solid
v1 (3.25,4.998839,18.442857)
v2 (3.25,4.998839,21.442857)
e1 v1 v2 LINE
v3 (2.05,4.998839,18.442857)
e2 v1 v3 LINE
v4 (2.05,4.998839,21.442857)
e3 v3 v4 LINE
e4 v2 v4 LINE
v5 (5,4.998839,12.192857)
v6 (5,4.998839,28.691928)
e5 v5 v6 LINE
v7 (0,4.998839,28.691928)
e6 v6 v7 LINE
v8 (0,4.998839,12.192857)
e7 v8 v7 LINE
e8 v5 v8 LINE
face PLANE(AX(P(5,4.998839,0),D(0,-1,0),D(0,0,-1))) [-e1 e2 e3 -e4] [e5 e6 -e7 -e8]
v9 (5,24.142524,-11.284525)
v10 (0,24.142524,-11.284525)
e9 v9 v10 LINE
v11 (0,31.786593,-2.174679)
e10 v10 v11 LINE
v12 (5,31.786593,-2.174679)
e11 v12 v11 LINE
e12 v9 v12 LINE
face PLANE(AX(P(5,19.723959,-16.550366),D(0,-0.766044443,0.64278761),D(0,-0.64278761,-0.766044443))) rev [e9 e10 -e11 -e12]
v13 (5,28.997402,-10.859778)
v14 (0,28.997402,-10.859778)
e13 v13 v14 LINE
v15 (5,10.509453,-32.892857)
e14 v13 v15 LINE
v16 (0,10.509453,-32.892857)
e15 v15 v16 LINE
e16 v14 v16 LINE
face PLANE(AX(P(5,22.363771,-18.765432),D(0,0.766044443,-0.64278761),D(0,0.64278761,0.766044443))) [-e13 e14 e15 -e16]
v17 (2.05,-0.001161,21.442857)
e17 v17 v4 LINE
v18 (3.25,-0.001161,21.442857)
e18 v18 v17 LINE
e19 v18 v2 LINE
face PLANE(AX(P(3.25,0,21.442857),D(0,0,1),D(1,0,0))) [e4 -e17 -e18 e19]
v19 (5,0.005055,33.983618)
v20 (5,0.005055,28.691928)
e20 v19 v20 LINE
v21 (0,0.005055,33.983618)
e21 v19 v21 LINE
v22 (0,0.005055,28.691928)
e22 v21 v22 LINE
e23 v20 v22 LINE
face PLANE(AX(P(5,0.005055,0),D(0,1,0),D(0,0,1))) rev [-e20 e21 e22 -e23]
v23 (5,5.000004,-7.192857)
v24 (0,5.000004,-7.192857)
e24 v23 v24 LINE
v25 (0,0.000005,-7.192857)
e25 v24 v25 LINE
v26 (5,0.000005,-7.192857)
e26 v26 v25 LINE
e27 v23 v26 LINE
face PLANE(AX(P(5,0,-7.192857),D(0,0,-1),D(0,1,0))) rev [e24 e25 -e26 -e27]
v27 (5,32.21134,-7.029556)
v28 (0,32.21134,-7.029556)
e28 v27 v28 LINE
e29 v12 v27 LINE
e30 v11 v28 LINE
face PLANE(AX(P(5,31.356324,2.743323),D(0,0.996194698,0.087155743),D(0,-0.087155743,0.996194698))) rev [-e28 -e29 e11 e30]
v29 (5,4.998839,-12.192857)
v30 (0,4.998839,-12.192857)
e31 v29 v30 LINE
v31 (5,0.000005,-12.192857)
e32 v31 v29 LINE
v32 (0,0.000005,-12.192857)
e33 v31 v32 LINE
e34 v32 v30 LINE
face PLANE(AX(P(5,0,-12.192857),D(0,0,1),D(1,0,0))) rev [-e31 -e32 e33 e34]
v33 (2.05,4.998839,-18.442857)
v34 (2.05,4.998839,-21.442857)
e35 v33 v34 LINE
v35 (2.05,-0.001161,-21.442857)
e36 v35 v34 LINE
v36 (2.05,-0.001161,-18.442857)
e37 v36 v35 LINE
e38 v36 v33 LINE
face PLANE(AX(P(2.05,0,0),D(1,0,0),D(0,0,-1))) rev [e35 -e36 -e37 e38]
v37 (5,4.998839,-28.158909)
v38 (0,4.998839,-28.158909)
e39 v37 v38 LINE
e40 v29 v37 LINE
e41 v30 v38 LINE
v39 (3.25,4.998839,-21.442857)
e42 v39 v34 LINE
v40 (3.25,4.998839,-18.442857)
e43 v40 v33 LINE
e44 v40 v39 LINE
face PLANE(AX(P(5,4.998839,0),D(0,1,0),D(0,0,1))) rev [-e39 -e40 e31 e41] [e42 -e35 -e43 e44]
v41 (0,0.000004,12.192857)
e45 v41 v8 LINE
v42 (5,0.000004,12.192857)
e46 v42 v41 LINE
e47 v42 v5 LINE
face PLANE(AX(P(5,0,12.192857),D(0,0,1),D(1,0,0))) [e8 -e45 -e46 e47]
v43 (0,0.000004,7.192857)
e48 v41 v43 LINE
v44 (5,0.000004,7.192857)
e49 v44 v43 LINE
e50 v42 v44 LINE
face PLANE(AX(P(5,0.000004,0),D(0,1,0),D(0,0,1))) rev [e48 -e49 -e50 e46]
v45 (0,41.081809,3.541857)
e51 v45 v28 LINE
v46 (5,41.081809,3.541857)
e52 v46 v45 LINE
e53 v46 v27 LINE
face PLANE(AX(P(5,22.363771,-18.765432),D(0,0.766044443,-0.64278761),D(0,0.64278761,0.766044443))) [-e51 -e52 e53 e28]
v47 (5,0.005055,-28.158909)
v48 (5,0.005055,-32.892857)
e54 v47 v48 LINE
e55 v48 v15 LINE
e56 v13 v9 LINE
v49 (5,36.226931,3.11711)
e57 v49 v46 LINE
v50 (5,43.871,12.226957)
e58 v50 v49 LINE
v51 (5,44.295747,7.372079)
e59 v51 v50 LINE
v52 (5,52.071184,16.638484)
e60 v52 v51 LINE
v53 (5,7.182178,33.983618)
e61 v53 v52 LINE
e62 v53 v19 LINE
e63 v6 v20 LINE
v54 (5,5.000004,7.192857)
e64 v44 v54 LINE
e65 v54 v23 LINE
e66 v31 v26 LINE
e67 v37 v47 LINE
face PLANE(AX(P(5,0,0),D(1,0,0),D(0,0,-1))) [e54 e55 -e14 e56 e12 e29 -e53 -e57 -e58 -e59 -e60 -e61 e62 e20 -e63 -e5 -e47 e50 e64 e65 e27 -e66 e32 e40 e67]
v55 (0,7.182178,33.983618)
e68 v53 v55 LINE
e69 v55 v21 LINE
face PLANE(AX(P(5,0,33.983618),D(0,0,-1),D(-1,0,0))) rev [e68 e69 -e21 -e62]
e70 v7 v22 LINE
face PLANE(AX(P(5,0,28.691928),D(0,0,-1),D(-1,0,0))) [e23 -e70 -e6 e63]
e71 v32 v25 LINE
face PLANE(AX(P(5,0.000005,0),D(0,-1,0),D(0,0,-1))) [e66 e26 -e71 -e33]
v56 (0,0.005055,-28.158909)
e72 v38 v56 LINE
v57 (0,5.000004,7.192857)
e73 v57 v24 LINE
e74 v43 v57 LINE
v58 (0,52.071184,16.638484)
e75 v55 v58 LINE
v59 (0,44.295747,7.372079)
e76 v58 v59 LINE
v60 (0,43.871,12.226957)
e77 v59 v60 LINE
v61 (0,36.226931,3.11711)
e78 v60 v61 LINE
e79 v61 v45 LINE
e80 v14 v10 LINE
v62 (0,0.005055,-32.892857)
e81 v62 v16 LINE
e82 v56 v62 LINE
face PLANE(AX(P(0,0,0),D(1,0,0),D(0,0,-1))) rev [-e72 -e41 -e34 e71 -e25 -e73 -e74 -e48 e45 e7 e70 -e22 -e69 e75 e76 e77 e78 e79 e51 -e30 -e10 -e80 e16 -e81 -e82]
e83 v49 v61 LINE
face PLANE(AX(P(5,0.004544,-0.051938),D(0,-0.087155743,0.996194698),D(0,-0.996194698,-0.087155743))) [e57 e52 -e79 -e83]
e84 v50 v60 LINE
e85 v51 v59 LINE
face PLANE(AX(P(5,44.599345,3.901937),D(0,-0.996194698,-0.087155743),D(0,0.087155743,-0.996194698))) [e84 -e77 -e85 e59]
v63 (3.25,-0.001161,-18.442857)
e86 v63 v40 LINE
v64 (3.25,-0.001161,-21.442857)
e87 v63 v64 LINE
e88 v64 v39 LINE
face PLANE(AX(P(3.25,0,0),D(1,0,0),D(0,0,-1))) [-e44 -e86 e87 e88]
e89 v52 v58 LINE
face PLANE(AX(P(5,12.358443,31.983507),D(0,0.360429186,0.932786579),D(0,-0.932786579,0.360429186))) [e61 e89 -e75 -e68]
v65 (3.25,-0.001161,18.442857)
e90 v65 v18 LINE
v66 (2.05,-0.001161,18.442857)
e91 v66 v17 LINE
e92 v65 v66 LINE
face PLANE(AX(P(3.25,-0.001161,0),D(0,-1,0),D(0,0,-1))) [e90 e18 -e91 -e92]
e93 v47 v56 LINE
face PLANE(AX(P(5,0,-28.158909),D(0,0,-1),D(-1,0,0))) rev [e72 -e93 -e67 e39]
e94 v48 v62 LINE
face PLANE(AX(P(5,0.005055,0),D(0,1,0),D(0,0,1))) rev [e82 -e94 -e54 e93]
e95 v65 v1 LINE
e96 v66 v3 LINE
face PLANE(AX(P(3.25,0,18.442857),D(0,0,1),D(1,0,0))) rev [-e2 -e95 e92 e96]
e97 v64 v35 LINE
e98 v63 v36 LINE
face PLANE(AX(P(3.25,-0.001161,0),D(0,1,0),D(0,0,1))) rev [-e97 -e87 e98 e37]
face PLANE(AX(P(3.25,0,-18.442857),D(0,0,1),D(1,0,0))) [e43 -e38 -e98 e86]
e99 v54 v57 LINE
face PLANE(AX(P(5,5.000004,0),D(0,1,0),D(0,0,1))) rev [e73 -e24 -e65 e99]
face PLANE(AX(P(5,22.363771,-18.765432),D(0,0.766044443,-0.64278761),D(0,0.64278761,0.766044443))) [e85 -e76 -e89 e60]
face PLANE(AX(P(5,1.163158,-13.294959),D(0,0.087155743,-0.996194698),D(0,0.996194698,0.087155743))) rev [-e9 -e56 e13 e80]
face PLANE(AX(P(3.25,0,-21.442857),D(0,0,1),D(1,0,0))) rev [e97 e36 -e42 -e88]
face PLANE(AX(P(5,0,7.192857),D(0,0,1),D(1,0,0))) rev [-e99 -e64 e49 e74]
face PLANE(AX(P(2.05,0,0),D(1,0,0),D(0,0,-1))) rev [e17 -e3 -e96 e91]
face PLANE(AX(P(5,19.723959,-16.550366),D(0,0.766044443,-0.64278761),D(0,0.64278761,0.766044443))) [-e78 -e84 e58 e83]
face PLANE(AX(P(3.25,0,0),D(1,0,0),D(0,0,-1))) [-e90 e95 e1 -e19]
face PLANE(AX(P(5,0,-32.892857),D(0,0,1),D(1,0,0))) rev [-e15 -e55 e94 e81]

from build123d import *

# Parameters (mm, degrees)
BOSS_EXTRUDE2_DEPTH = 5
BOSS_EXTRUDE3_START = 2.05
SKETCH2_4_W         = 3
SKETCH2_4_H         = 5
BOSS_EXTRUDE3_DEPTH = 1.2


with BuildPart() as part:
    # Sketch2 → Boss-Extrude2 (new body)
    with BuildSketch(Plane(origin=(0, 0, 0), x_dir=(0, 0, -1), z_dir=(1, 0, 0))):
        Polygon((7.192857145, 5.102e-06), (12.192857145, 5.102e-06), (12.192857145, 4.998838637), (18.442857145, 4.998838637), (21.442857145, 4.998838637), (27.892857145, 4.998838637), (28.158909208, 4.998838637), (28.158909208, 0.00505468), (32.892857145, 0.00505468), (32.892857145, 10.509453346), (17.646665318, 23.302527285), (14.567046792, 25.886634054), (10.859778292, 28.997401685), (11.284525034, 24.142524207), (2.174678599, 31.786592991), (7.029556077, 32.211339733), (-3.541857238, 41.081808747), (-3.117110496, 36.226931269), (-12.226956931, 43.871000053), (-7.372079454, 44.295746795), (-16.638484456, 52.071183815), (-32.892857145, 10.00505468), (-33.983618254, 7.182177505), (-33.983618254, 0.00505468), (-32.892857145, 0.00505468), (-28.691927734, 0.00505468), (-28.691927734, 4.998838637), (-27.892857145, 4.998838637), (-21.442857145, 4.998838637), (-18.442857145, 4.998838637), (-12.192857145, 4.998838637), (-12.192857145, 4.163e-06), (-7.192857145, 4.163e-06), (-7.192857145, 5.000004163), (7.192857145, 5.000004163), align=None)
    extrude(amount=BOSS_EXTRUDE2_DEPTH)

    # Sketch2<4> → Boss-Extrude3 (add)
    with BuildSketch(Plane(origin=(0, 0, 0), x_dir=(0, 0, -1), z_dir=(1, 0, 0)).offset(BOSS_EXTRUDE3_START)):
        with Locations((19.942857145, 2.498838637)):
            Rectangle(SKETCH2_4_W, SKETCH2_4_H)
        with Locations((-19.942857145, 2.498838637)):
            Rectangle(SKETCH2_4_W, SKETCH2_4_H)
    extrude(amount=BOSS_EXTRUDE3_DEPTH)


solid = part.part
